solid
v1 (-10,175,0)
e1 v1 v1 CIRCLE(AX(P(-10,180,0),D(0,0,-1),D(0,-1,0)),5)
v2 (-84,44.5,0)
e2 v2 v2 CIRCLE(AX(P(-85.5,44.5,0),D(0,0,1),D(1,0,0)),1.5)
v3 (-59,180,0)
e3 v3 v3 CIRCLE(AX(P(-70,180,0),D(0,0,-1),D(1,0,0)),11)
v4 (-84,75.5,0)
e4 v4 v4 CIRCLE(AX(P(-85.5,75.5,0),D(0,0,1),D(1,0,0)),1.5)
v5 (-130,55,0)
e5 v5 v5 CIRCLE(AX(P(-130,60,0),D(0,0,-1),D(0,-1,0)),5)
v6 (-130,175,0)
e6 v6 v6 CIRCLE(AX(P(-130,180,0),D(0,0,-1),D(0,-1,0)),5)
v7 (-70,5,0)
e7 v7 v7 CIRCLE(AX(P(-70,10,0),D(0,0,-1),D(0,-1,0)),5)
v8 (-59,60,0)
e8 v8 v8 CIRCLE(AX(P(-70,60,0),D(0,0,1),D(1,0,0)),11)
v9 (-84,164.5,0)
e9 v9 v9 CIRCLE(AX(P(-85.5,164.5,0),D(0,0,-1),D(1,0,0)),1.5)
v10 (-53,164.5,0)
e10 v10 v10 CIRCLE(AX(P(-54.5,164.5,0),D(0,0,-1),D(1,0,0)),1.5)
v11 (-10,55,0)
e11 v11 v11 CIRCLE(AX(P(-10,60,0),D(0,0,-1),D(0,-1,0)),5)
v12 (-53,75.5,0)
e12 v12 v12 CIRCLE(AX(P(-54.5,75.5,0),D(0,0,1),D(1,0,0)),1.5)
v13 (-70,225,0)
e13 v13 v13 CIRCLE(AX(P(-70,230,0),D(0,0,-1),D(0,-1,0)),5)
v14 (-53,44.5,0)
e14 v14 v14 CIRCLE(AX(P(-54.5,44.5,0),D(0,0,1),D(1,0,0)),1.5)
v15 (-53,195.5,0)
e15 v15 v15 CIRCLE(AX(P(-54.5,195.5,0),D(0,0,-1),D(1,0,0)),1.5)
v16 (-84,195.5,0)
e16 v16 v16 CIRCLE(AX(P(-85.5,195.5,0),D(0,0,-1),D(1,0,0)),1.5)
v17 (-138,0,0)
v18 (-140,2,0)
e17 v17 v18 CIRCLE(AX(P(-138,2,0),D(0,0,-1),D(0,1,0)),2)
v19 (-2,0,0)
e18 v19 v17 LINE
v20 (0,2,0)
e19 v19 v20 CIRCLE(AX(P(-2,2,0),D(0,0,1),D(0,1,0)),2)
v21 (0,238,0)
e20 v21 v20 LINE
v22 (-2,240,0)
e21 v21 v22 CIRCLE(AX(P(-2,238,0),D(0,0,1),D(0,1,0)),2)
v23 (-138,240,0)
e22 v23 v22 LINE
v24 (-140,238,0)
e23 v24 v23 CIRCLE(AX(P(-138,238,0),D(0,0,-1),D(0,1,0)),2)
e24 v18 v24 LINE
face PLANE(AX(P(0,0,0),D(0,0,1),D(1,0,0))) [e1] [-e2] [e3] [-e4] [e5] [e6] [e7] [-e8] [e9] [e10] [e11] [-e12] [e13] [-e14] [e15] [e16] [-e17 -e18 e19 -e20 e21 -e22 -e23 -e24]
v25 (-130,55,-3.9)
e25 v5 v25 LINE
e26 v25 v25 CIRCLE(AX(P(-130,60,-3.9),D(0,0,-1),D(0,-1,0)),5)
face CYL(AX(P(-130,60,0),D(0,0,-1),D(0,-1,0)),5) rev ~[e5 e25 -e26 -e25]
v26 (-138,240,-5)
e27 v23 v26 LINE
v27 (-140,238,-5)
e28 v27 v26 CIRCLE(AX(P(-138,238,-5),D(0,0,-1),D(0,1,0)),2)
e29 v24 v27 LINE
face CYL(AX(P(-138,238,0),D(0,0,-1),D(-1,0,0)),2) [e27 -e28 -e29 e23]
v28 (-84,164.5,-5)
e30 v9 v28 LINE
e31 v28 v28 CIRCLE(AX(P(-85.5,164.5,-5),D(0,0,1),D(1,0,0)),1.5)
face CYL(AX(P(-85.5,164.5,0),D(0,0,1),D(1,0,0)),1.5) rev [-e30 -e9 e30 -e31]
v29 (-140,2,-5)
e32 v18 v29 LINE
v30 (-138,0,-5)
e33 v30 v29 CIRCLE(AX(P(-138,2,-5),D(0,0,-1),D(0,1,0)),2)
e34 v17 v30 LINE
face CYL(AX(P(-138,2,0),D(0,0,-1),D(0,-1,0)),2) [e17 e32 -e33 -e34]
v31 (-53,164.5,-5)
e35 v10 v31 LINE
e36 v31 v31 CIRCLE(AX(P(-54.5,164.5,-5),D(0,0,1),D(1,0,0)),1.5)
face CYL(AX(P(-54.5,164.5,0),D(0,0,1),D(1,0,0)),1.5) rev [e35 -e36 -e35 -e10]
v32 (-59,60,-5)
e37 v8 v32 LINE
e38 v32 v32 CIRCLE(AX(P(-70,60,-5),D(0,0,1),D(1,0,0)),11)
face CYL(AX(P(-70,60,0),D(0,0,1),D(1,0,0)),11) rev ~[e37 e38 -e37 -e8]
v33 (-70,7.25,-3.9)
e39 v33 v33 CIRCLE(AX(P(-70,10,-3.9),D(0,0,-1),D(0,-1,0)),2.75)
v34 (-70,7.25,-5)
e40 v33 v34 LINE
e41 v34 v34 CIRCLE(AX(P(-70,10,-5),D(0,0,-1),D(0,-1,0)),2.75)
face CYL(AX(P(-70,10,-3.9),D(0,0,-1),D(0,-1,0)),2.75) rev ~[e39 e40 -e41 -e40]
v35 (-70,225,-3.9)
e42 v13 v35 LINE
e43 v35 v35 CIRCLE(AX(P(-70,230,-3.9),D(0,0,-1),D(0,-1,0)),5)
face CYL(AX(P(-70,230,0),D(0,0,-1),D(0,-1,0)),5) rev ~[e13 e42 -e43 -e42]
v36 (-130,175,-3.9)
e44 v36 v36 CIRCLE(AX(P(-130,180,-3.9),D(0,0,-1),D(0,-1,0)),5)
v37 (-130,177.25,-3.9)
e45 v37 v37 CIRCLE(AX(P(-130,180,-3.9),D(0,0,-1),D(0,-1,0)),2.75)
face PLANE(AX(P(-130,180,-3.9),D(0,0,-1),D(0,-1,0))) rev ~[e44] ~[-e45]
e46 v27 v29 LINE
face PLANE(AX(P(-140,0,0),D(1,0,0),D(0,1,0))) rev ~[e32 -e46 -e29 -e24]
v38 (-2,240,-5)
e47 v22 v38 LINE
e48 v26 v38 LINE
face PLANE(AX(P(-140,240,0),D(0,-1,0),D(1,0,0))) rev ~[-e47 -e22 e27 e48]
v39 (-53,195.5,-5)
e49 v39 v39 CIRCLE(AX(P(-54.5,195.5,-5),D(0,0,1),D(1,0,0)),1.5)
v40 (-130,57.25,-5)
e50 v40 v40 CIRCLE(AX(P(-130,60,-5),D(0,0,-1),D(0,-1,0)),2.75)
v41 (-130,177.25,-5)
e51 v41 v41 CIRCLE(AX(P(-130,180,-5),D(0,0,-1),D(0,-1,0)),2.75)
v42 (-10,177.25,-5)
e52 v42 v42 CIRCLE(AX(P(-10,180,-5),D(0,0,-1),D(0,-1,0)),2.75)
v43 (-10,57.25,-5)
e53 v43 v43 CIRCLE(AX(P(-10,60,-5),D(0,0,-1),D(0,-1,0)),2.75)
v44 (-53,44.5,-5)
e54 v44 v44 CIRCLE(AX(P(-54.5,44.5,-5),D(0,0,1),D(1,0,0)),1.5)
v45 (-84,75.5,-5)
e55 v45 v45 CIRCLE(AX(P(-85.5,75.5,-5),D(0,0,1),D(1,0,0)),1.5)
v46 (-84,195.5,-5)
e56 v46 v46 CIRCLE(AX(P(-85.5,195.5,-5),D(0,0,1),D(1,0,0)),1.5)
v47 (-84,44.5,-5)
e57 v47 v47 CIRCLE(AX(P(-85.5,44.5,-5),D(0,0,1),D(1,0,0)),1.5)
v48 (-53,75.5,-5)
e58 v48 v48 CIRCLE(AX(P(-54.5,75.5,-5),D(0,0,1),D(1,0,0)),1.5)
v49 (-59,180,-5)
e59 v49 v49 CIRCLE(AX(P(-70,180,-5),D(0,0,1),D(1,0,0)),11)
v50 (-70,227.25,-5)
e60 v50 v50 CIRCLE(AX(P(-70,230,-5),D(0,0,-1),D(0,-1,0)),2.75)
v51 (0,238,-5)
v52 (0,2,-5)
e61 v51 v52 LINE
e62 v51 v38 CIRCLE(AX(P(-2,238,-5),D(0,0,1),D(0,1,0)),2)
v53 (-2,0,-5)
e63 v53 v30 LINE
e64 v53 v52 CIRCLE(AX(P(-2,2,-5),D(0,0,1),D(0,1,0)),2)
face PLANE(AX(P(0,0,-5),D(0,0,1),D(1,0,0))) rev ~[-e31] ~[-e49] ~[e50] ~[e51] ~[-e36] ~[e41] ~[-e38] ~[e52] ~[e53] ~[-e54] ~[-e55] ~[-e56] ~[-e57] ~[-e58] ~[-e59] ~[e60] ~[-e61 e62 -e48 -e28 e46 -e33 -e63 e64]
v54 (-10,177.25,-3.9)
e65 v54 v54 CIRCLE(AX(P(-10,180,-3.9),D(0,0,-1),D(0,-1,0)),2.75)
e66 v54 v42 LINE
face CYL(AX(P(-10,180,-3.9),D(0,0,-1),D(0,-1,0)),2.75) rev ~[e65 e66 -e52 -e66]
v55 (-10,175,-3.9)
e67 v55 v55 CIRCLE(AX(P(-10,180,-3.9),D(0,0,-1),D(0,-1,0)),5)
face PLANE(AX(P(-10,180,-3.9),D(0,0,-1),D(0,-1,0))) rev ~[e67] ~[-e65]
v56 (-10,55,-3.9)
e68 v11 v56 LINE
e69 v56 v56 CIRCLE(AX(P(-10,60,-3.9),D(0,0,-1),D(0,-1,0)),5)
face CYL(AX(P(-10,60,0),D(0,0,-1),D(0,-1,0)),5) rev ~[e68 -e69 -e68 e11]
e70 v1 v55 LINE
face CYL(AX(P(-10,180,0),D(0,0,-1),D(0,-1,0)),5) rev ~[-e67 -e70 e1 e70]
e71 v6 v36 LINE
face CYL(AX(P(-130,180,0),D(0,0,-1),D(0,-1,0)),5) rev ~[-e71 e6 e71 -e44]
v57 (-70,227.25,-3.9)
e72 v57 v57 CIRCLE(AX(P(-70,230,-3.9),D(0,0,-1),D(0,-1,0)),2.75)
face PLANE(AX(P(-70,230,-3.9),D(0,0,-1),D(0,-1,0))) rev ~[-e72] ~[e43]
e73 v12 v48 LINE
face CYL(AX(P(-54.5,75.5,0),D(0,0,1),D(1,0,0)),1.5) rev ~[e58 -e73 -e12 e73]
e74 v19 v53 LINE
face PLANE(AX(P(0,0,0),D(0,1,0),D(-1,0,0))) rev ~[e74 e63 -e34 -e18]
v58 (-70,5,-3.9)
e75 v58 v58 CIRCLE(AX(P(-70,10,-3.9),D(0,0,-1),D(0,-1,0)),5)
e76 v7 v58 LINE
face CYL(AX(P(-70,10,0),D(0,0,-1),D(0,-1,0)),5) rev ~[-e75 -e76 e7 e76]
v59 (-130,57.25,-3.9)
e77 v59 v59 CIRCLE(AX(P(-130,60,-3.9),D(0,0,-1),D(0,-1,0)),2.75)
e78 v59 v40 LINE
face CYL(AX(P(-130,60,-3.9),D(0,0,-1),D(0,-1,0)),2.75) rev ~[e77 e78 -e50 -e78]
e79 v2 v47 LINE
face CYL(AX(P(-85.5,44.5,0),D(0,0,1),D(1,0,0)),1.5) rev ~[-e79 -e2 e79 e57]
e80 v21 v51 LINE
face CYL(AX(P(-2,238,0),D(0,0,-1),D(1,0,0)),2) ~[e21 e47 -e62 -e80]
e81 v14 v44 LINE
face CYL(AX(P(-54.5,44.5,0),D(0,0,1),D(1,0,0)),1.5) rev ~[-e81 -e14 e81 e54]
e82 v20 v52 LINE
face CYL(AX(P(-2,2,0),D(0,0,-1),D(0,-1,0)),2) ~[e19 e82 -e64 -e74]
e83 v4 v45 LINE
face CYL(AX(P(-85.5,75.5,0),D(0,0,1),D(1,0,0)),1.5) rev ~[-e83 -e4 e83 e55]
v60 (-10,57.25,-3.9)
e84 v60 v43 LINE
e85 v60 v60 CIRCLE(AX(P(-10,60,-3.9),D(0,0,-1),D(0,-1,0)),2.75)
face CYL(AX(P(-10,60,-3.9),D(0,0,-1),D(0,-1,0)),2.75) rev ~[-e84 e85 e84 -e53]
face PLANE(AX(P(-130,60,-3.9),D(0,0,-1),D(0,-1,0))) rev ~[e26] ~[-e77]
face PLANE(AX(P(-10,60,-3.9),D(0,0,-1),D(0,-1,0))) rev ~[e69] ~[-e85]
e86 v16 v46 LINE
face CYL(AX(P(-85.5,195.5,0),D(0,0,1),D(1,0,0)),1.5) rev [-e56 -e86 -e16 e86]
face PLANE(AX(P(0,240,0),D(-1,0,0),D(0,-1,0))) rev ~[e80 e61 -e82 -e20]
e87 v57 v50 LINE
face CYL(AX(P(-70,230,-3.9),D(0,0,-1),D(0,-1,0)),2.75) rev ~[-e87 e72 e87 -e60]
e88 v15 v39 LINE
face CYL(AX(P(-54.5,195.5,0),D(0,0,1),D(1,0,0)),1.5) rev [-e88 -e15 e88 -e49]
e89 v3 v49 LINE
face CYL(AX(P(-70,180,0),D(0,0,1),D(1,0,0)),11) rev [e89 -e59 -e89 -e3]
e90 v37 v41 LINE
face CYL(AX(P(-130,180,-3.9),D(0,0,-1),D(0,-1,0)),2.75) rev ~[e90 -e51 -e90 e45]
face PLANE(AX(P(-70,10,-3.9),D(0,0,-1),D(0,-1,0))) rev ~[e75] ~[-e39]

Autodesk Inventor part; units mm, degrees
ref_plane "YZ Plane" through (0, 0, 0) normal (1, 0, 0) x (0, 1, 0)
ref_plane "XZ Plane" through (0, 0, 0) normal (0, 1, 0) x (-1, 0, 0)
sketch "Skizze3" plane through (0, 0, 0) normal (0, 0, 1) x (1, 0, 0)
  line L0 (0, 0) -> (-140, 0)
  line L1 (-140, 0) -> (-140, 120)
  line L2 (-140, 240) -> (0, 240)
  line L3 (0, 240) -> (0, 0)
  line L4 (-34.5565, 44.5) -> (-109.2584, 44.5) construction
  line L5 (-42.5521, 75.5) -> (-110.6291, 75.5) construction
  line L6 (-85.5, 104.3529) -> (-85.5, 36.2759) construction
  line L7 (-54.5, 102.2969) -> (-54.5, 32.1639) construction
  line L8 (-70, -15.9958) -> (-70, 12.0858) construction
  circle A0 centre (-70, 60) radius 11
  circle A1 centre (-85.5, 75.5) radius 1.5
  circle A2 centre (-85.5, 44.5) radius 1.5
  circle A3 centre (-54.5, 44.5) radius 1.5
  circle A4 centre (-54.5, 75.5) radius 1.5
  line L9 (-140, 120) -> (0, 120) construction
  line L10 (-140, 120) -> (-140, 240)
  line L11 (-148.6913, 60) -> (9.8942, 60) construction
  line L12 (-160.7703, 180) -> (-4.1331, 180) construction
  point P0 (-70, 0)
  point P1 (-70, 10)
  point P2 (-130, 60)
  point P3 (-140, 180)
  point P4 (-140, 60)
  point P5 (-130, 180)
  point P6 (-10, 180)
  point P7 (-10, 60)
  point P8 (-70, 230)
  dimension "d4" = 240
  dimension "d5" = 140
  dimension "d6" = 31
  dimension "d7" = 31
  dimension "d8" = 15.5
  dimension "d9" = 15.5
  dimension "d10" = 60
  dimension "d11" = 22
  dimension "d12" = 3
  dimension "d13" = 3
  dimension "d14" = 3
  dimension "d15" = 3
  dimension "d22" = 10
  dimension "d23" = 10
  dimension "d24" = 10
  dimension "d25" = 10
  dimension "d26" = 10
  dimension "d34" = 10
extrude "Extrusion3" add sketch "Skizze3" against normal blind 5 contours L0 L1 L10 L2 L3 | A0 | A1 | A2 | A3 | A4
fillet "Rundung1" radius 2 4 edges at (0, 0, -2.5) (0, 240, -2.5) (-140, 240, -2.5) (-140, 0, -2.5)
ref_plane "Arbeitsebene1" through (-140, 120, 0) normal (0, 1, 0) x (1, 0, 0)
extrude "Extrusion4" cut sketch "Skizze3" against normal through all contours A0 | A1 | A2 | A3 | A4
mirror "Spiegeln1" about plane through (-140, 120, 0) normal (0, 1, 0) of "Extrusion4"
hole "Bohrung1" at (-70, 60, 0) at (-70, 10, 0) at (-130, 60, 0) at (-130, 180, 0) at (-10, 180, 0) at (-10, 60, 0) at (-70, 230, 0) direction (0, 0, -1) diameter 5.5 end through all counterbore diameter 10 counterbore depth 3.9
equation "\"d8\" = 0.5 * d6"
equation "\"d9\" = d8"
equation "\"d23\" = d22"
equation "\"d24\" = d23"
equation "\"d25\" = d22"
equation "\"d26\" = d25"
properties part number "BT001_trajan20_21"
